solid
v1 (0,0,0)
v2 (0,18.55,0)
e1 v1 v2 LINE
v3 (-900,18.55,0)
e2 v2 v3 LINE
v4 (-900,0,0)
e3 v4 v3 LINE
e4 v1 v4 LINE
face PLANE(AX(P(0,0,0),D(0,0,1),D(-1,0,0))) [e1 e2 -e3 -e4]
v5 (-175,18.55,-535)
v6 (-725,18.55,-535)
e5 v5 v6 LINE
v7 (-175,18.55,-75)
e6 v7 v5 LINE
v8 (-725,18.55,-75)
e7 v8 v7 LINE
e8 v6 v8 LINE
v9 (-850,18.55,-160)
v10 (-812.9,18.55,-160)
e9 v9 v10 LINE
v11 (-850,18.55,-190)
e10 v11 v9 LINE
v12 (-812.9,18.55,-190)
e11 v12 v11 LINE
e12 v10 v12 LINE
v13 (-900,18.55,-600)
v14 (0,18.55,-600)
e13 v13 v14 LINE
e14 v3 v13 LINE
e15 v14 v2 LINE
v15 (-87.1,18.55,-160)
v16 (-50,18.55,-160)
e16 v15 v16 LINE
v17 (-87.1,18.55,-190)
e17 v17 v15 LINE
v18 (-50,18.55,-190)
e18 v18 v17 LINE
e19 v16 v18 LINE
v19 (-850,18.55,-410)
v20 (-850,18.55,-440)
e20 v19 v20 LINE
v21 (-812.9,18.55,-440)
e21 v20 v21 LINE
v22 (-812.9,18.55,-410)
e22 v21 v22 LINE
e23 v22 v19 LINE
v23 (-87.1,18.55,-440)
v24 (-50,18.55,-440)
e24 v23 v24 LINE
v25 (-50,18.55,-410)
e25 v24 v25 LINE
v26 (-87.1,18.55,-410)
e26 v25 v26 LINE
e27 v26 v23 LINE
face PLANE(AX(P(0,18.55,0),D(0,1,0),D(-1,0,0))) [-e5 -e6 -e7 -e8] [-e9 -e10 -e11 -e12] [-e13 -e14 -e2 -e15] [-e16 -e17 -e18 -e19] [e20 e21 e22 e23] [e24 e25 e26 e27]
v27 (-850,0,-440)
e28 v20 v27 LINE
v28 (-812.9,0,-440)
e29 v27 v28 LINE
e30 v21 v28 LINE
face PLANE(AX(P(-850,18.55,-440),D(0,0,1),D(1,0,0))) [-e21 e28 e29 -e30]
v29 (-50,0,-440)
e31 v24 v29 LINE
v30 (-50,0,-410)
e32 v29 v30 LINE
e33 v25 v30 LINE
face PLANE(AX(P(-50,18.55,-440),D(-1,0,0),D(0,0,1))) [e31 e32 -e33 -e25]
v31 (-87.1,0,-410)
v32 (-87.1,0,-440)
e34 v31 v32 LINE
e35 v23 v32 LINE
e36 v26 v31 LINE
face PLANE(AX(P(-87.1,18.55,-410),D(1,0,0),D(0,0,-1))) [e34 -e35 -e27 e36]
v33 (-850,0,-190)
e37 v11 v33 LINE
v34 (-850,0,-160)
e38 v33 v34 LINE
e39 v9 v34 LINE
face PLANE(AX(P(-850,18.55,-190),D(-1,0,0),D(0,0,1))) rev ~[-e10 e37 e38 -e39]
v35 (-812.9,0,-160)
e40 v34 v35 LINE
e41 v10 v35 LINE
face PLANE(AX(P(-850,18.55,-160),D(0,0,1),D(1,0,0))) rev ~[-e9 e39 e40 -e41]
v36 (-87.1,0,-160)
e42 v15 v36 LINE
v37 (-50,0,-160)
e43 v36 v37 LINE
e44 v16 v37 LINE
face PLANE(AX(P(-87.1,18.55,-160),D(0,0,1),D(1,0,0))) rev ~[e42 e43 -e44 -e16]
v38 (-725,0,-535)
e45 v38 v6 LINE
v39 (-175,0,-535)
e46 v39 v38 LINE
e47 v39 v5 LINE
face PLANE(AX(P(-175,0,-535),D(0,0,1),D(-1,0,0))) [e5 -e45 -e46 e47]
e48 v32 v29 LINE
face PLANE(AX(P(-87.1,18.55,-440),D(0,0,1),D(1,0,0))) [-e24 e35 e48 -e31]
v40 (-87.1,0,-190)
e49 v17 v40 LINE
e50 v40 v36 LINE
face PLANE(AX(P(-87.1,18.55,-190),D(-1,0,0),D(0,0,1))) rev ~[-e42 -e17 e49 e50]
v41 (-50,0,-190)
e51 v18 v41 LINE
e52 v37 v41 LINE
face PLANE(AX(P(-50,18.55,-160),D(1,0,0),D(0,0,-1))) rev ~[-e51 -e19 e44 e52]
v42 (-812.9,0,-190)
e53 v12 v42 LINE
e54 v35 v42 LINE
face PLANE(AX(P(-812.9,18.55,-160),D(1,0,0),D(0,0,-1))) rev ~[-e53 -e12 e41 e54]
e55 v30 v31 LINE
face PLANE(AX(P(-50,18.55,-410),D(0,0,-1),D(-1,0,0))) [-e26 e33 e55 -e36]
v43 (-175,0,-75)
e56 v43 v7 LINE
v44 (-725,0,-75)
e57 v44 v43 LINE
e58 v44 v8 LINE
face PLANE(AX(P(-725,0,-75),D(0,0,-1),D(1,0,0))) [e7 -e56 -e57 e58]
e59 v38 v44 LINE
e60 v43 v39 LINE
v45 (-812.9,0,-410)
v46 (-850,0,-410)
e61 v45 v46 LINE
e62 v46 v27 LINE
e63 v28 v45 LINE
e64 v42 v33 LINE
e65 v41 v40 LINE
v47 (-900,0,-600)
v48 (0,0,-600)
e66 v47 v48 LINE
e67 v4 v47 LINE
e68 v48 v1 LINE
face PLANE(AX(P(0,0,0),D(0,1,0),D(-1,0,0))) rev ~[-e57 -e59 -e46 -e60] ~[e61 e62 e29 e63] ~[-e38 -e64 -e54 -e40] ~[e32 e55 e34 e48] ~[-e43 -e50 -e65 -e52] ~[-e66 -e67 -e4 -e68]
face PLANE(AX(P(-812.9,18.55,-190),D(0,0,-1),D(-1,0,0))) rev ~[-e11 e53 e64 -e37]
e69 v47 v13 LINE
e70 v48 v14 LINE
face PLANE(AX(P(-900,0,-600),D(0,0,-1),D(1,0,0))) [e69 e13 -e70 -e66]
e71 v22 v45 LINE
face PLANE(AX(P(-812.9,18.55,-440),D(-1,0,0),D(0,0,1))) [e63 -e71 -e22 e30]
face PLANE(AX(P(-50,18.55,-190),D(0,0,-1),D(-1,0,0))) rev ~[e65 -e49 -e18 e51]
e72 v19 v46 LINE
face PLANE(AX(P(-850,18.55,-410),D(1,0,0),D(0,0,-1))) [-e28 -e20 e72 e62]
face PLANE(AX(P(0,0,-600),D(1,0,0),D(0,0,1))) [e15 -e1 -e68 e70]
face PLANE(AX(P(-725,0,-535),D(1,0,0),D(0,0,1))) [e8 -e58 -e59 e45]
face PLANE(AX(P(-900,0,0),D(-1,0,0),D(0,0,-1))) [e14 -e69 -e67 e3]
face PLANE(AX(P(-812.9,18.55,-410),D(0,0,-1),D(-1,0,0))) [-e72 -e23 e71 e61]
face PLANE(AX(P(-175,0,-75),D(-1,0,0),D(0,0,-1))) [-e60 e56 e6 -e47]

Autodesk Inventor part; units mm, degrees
ref_plane "YZ Plane" through (0, 0, 0) normal (1, 0, 0) x (0, 1, 0)
ref_plane "XZ Plane" through (0, 0, 0) normal (0, 1, 0) x (-1, 0, 0)
ref_plane "XY Plane" through (0, 0, 0) normal (0, 0, 1) x (1, 0, 0)
sketch "Sketch1" plane through (0, 0, 0) normal (0, 1, 0) x (-1, 0, 0)
  line L0 (0, 0) -> (900, 0)
  line L1 (900, 0) -> (900, -600)
  line L2 (900, -600) -> (0, -600)
  line L3 (0, -600) -> (0, 0)
  line L4 (725, -75) -> (175, -75)
  line L5 (175, -75) -> (175, -535)
  line L6 (175, -535) -> (725, -535)
  line L7 (725, -535) -> (725, -75)
  dimension "d0" = 900
  dimension "d1" = 600
  dimension "d23" = 175
  dimension "d24" = 75
  dimension "d25" = 460
  dimension "d26" = 550
extrude "Extrusion4" add sketch "Sketch1" along normal blind 18.55
sketch "Sketch4" plane through (0, 18.55, 0) normal (0, 1, 0) x (1, 0, 0)
  line L0 (-850, 440) -> (-812.9, 440)
  line L1 (-812.9, 440) -> (-812.9, 410)
  line L2 (-812.9, 410) -> (-850, 410)
  line L3 (-850, 410) -> (-850, 440)
  line L4 (-850, 160) -> (-812.9, 160)
  line L5 (-812.9, 160) -> (-812.9, 190)
  line L6 (-812.9, 190) -> (-850, 190)
  line L7 (-850, 190) -> (-850, 160)
  line L8 (-87.1, 440) -> (-50, 440)
  line L9 (-50, 440) -> (-50, 410)
  line L10 (-50, 410) -> (-87.1, 410)
  line L11 (-87.1, 410) -> (-87.1, 440)
  line L12 (-87.1, 160) -> (-50, 160)
  line L13 (-50, 160) -> (-50, 190)
  line L14 (-50, 190) -> (-87.1, 190)
  line L15 (-87.1, 190) -> (-87.1, 160)
  line L16 (0, 600) -> (-900, 600) projected
  line L17 (-900, 600) -> (-900, 0) projected
  line L18 (-900, 0) -> (0, 0) projected
  line L19 (0, 0) -> (0, 600) projected
  dimension "d29" = 160
  dimension "d30" = 50
  dimension "d33" = 30
  dimension "d34" = 37.1
  dimension "d35" = 30
  dimension "d36" = 50
  dimension "d39" = 160
extrude "Extrusion5" cut sketch "Sketch4" against normal blind 50 contours L0 L1 L2 L3 | L7 L6 L5 L4 | L8 L9 L10 L11 | L15 L14 L13 L12
properties part number "Table_plate"
